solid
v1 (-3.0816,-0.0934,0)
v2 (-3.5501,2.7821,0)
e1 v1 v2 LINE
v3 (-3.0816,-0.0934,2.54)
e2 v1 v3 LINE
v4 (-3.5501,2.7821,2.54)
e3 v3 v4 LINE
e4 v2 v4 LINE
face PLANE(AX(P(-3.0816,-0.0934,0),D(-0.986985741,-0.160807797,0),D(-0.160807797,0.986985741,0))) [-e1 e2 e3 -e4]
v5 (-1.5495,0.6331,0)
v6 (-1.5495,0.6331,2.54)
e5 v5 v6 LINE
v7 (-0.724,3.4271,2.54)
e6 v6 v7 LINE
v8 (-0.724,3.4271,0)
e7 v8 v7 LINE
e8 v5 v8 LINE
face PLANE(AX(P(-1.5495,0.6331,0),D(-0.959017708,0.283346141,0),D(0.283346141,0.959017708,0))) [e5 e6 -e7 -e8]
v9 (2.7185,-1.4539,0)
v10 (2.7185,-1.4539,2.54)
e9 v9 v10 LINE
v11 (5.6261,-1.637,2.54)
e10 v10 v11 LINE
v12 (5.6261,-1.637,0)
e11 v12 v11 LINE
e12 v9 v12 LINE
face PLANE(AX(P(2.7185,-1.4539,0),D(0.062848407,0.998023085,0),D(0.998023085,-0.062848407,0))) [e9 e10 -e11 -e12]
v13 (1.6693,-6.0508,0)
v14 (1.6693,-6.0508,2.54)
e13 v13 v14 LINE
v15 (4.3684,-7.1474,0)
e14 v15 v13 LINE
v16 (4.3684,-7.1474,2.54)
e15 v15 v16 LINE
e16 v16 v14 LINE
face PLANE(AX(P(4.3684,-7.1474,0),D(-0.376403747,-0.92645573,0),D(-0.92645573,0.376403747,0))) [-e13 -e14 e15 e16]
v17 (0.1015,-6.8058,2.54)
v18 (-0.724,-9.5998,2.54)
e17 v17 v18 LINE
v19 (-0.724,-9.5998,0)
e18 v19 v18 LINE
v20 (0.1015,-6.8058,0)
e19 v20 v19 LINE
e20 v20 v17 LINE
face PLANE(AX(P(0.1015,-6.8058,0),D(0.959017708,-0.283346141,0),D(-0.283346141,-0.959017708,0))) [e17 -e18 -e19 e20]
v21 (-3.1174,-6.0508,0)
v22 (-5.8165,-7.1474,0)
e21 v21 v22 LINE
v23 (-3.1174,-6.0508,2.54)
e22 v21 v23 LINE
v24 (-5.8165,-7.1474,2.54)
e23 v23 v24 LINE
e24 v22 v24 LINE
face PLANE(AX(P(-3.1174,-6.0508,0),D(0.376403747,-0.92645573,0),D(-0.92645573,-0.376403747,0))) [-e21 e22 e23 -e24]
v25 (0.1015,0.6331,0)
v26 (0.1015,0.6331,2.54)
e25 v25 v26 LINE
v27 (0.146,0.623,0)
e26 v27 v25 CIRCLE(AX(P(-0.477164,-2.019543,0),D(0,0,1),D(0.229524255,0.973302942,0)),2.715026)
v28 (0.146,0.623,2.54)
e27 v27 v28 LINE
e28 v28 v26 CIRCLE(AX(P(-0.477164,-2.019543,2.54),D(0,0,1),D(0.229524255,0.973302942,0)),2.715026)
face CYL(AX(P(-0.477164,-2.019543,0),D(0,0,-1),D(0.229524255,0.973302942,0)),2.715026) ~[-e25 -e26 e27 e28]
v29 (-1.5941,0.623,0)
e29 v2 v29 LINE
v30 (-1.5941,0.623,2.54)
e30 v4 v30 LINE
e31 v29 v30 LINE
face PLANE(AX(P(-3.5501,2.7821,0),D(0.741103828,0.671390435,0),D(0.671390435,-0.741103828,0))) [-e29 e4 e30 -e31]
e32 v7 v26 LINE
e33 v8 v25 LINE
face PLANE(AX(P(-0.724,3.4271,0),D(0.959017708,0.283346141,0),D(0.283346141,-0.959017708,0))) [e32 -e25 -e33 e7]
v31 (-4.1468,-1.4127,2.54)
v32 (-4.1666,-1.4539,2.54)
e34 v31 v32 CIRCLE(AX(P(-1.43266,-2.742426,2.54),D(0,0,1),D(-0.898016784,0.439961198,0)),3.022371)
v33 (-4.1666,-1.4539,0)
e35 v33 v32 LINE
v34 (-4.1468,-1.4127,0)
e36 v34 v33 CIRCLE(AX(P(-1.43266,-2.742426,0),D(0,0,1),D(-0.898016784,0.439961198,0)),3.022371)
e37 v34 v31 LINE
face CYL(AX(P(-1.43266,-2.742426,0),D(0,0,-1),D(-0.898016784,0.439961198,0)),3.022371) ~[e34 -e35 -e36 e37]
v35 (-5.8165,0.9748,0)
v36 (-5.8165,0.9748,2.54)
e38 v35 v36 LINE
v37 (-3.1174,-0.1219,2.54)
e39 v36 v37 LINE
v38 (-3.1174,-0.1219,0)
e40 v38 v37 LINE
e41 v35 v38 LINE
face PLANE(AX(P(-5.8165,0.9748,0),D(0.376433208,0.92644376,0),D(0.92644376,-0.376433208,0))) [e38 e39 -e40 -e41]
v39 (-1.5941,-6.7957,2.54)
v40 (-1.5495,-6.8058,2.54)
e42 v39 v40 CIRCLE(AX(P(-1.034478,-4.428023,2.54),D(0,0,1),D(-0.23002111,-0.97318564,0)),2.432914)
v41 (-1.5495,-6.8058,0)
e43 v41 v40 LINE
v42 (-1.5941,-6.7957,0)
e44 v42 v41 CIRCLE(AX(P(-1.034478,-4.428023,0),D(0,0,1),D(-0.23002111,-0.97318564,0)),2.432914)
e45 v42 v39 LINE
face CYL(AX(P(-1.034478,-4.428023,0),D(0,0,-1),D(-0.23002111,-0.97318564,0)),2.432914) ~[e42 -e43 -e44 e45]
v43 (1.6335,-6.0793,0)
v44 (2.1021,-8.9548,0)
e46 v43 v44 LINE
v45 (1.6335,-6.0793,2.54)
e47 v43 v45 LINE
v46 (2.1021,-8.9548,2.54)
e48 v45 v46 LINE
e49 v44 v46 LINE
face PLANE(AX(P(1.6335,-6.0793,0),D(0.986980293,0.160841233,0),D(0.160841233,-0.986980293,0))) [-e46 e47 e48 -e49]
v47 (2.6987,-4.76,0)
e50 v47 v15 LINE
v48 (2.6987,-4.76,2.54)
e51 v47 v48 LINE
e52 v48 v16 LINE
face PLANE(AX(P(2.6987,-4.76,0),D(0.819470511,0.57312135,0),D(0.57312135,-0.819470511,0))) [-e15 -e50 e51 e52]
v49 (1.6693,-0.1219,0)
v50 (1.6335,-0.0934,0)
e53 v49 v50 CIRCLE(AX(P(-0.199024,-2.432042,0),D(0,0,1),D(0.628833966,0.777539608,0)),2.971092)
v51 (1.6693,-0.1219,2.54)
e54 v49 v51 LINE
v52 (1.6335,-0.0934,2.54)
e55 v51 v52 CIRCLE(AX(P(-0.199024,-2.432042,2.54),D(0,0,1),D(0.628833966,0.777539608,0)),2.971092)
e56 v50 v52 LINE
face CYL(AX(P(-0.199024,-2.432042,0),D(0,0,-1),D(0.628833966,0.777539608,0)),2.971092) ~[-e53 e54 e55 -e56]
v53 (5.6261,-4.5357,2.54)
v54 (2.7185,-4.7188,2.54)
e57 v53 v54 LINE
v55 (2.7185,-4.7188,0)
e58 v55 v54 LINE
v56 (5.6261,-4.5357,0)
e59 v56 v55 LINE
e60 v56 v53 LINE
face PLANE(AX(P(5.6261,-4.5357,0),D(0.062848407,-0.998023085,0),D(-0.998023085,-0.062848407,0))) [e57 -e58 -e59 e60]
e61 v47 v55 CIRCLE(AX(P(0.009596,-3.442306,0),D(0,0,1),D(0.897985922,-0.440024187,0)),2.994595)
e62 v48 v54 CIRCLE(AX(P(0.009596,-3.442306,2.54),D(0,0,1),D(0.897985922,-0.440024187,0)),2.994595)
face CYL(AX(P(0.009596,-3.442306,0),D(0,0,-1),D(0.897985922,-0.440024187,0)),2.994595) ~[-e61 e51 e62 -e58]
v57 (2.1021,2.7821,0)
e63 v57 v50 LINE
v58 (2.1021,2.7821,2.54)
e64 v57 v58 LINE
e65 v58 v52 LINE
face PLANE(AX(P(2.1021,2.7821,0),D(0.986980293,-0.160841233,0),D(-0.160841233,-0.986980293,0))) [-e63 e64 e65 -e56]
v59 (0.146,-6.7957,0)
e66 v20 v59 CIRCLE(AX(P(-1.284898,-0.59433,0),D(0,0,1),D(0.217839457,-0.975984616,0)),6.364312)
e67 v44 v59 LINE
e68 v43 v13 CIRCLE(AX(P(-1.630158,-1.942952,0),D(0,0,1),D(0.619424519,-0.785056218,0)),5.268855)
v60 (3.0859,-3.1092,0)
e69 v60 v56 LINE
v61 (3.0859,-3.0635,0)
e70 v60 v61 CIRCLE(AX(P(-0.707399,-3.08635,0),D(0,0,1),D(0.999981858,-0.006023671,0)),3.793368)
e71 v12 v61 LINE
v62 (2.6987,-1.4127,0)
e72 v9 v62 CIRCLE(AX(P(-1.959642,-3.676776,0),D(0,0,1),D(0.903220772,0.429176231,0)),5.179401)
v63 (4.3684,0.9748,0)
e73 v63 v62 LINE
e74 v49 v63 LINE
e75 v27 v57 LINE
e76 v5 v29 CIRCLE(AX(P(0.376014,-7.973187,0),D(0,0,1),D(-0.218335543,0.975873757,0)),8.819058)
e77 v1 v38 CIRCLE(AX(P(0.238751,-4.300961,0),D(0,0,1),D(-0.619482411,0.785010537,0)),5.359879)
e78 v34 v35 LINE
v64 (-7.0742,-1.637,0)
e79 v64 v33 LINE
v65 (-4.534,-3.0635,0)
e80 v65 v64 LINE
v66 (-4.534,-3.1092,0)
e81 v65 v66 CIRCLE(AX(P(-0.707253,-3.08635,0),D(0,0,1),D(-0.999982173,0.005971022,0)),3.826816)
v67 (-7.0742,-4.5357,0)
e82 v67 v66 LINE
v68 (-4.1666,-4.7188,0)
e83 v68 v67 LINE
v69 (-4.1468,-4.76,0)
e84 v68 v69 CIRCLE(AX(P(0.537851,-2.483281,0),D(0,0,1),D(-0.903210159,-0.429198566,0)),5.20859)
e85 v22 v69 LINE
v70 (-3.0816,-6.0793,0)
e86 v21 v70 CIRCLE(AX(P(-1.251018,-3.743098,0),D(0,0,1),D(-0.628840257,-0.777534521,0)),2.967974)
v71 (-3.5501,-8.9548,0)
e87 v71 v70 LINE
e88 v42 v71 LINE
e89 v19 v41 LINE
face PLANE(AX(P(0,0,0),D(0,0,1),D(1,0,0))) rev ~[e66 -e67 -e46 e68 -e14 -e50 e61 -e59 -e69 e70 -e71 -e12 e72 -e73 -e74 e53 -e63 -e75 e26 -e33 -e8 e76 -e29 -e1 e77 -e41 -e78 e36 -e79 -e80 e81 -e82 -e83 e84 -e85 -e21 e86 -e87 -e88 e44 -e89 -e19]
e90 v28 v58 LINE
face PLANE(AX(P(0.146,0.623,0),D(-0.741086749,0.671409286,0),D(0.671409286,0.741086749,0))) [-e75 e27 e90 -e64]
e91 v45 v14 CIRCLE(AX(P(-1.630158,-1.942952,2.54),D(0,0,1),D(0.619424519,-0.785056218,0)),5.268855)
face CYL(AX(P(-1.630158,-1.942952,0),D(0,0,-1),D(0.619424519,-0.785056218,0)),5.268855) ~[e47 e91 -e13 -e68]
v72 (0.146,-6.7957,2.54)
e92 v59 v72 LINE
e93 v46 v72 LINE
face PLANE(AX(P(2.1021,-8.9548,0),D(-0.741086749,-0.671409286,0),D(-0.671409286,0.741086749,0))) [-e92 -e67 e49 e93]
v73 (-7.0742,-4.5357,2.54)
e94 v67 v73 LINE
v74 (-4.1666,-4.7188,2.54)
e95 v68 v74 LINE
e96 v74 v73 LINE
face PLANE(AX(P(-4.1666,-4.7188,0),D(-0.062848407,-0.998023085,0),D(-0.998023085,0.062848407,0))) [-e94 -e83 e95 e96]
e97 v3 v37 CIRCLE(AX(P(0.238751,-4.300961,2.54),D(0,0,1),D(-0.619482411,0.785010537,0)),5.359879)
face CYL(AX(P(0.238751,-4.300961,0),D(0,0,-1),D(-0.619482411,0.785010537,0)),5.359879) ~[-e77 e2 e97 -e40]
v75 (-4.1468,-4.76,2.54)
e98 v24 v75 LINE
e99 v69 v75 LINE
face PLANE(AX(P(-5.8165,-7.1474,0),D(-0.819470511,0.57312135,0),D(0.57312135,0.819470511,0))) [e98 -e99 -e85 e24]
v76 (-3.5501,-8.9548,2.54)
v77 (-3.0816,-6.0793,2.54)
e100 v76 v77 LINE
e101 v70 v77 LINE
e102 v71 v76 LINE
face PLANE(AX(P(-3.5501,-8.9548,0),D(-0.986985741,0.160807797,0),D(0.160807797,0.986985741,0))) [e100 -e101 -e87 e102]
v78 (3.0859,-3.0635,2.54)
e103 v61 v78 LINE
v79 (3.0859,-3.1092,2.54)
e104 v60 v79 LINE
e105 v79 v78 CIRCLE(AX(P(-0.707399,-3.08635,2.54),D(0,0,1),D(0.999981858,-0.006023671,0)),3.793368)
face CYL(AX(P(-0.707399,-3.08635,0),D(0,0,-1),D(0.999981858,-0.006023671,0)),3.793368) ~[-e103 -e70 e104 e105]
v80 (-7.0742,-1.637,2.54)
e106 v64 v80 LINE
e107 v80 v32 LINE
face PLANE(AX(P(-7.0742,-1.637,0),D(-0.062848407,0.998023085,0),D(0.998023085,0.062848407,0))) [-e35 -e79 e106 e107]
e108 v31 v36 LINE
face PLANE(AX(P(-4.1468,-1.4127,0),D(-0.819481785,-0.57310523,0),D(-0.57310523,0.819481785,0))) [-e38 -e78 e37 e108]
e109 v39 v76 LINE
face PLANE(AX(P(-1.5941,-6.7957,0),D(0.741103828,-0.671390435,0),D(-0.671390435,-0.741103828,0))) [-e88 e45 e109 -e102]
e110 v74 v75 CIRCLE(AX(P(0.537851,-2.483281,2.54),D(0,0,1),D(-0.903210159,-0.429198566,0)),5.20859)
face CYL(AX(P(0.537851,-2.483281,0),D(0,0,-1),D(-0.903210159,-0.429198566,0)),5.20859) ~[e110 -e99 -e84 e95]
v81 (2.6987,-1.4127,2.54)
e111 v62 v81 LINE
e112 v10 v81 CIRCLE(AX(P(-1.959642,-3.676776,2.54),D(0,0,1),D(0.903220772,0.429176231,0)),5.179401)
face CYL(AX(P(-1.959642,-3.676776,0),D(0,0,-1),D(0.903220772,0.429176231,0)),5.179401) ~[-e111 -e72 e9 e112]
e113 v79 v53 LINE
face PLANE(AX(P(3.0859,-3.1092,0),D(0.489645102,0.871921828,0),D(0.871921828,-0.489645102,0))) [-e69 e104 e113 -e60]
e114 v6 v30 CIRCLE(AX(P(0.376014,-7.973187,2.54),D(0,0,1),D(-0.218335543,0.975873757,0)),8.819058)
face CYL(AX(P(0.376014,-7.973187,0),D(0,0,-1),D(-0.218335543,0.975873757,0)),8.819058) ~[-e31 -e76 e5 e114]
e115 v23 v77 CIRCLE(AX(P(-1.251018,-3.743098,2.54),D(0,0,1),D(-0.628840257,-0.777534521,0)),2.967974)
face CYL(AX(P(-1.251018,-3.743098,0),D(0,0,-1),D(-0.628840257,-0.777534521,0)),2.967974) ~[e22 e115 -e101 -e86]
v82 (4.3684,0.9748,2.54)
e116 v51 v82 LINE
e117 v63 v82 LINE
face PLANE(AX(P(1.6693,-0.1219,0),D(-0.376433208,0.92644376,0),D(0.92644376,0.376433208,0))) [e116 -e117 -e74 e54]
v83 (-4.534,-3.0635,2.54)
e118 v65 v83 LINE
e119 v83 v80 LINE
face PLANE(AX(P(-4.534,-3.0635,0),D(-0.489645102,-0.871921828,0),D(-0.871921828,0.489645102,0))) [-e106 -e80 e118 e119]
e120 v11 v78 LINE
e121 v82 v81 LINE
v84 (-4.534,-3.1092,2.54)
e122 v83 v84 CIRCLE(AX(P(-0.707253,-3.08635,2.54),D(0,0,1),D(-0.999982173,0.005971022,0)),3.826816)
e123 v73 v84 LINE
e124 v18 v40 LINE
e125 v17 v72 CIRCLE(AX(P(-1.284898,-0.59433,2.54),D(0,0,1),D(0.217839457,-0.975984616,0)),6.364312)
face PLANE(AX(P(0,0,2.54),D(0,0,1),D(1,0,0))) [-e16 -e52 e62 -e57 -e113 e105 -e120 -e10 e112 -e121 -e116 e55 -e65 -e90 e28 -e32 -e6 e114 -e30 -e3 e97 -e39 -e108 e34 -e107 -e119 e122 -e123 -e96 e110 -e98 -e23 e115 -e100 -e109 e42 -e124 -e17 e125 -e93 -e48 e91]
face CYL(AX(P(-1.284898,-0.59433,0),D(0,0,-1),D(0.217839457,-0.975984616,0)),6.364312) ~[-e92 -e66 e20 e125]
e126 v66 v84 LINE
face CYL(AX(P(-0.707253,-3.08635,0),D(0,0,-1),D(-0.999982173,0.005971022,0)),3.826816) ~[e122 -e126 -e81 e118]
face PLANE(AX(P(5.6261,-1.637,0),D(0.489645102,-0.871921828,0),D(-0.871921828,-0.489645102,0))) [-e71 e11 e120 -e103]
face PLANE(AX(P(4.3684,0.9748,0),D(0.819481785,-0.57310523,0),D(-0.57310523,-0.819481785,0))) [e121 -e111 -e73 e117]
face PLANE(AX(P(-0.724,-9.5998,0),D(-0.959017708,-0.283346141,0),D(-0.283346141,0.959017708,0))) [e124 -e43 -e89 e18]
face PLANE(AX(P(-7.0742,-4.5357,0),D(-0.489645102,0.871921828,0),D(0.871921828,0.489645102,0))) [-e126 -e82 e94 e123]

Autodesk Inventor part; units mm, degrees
ref_plane "YZ Plane" through (0, 0, 0) normal (1, 0, 0) x (0, 1, 0)
ref_plane "XZ Plane" through (0, 0, 0) normal (0, 1, 0) x (-1, 0, 0)
ref_plane "XY Plane" through (0, 0, 0) normal (0, 0, 1) x (1, 0, 0)
sketch "Sketch1" plane through (0, 0, 0) normal (0, 0, 1) x (1, 0, 0)
  line L0 (-1.5495, 0.6331) -> (-0.724, 3.4271)
  line L1 (-0.724, 3.4271) -> (0.1015, 0.6331)
  line L2 (0.1015, 0.6331) -> (-1.5495, 0.6331) construction
  line L3 (-0.724, 0.6331) -> (-0.724, 0.8628) construction
  line L4 (-3.0816, -0.0934) -> (-3.5501, 2.7821)
  line L5 (-3.5501, 2.7821) -> (-1.5941, 0.623)
  line L6 (-4.1468, -1.4127) -> (-5.8165, 0.9748)
  line L7 (-5.8165, 0.9748) -> (-3.1174, -0.1219)
  line L8 (-4.534, -3.0635) -> (-7.0742, -1.637)
  line L9 (-7.0742, -1.637) -> (-4.1666, -1.4539)
  line L10 (-4.1666, -4.7188) -> (-7.0742, -4.5357)
  line L11 (-7.0742, -4.5357) -> (-4.534, -3.1092)
  line L12 (-3.1174, -6.0508) -> (-5.8165, -7.1474)
  line L13 (-5.8165, -7.1474) -> (-4.1468, -4.76)
  line L14 (-1.5941, -6.7957) -> (-3.5501, -8.9548)
  line L15 (-3.5501, -8.9548) -> (-3.0816, -6.0793)
  line L16 (0.1015, -6.8058) -> (-0.724, -9.5998)
  line L17 (-0.724, -9.5998) -> (-1.5495, -6.8058)
  line L18 (1.6335, -6.0793) -> (2.1021, -8.9548)
  line L19 (2.1021, -8.9548) -> (0.146, -6.7957)
  line L20 (2.6987, -4.76) -> (4.3684, -7.1474)
  line L21 (4.3684, -7.1474) -> (1.6693, -6.0508)
  line L22 (3.0859, -3.1092) -> (5.6261, -4.5357)
  line L23 (5.6261, -4.5357) -> (2.7185, -4.7188)
  line L24 (2.7185, -1.4539) -> (5.6261, -1.637)
  line L25 (5.6261, -1.637) -> (3.0859, -3.0635)
  line L26 (1.6693, -0.1219) -> (4.3684, 0.9748)
  line L27 (4.3684, 0.9748) -> (2.6987, -1.4127)
  line L28 (0.146, 0.623) -> (2.1021, 2.7821)
  line L29 (2.1021, 2.7821) -> (1.6335, -0.0934)
  arc A0 (-1.5495, 0.6331) -> (-1.5941, 0.623) centre (-0.724, -3.0863) ccw
  arc A1 (-3.0816, -0.0934) -> (-3.1174, -0.1219) centre (-0.724, -3.0863) ccw
  arc A2 (-4.1468, -1.4127) -> (-4.1666, -1.4539) centre (-0.724, -3.0863) ccw
  arc A3 (-4.534, -3.0635) -> (-4.534, -3.1092) centre (-0.724, -3.0863) ccw
  arc A4 (-4.1666, -4.7188) -> (-4.1468, -4.76) centre (-0.724, -3.0863) ccw
  arc A5 (-3.1174, -6.0508) -> (-3.0816, -6.0793) centre (-0.724, -3.0863) ccw
  arc A6 (-1.5941, -6.7957) -> (-1.5495, -6.8058) centre (-0.724, -3.0863) ccw
  arc A7 (0.1015, -6.8058) -> (0.146, -6.7957) centre (-0.724, -3.0863) ccw
  arc A8 (1.6335, -6.0793) -> (1.6693, -6.0508) centre (-0.724, -3.0863) ccw
  arc A9 (2.6987, -4.76) -> (2.7185, -4.7188) centre (-0.724, -3.0863) ccw
  arc A10 (3.0859, -3.1092) -> (3.0859, -3.0635) centre (-0.724, -3.0863) ccw
  arc A11 (2.7185, -1.4539) -> (2.6987, -1.4127) centre (-0.724, -3.0863) ccw
  arc A12 (1.6693, -0.1219) -> (1.6335, -0.0934) centre (-0.724, -3.0863) ccw
  arc A13 (0.146, 0.623) -> (0.1015, 0.6331) centre (-0.724, -3.0863) ccw
  point P0 (0, 0)
  dimension "d0" = 1.651
  dimension "d1" = 2.794
extrude "Extrusion1" add sketch "Sketch1" along normal blind 2.54
properties part number "Small Gear Phone Case Mech"
